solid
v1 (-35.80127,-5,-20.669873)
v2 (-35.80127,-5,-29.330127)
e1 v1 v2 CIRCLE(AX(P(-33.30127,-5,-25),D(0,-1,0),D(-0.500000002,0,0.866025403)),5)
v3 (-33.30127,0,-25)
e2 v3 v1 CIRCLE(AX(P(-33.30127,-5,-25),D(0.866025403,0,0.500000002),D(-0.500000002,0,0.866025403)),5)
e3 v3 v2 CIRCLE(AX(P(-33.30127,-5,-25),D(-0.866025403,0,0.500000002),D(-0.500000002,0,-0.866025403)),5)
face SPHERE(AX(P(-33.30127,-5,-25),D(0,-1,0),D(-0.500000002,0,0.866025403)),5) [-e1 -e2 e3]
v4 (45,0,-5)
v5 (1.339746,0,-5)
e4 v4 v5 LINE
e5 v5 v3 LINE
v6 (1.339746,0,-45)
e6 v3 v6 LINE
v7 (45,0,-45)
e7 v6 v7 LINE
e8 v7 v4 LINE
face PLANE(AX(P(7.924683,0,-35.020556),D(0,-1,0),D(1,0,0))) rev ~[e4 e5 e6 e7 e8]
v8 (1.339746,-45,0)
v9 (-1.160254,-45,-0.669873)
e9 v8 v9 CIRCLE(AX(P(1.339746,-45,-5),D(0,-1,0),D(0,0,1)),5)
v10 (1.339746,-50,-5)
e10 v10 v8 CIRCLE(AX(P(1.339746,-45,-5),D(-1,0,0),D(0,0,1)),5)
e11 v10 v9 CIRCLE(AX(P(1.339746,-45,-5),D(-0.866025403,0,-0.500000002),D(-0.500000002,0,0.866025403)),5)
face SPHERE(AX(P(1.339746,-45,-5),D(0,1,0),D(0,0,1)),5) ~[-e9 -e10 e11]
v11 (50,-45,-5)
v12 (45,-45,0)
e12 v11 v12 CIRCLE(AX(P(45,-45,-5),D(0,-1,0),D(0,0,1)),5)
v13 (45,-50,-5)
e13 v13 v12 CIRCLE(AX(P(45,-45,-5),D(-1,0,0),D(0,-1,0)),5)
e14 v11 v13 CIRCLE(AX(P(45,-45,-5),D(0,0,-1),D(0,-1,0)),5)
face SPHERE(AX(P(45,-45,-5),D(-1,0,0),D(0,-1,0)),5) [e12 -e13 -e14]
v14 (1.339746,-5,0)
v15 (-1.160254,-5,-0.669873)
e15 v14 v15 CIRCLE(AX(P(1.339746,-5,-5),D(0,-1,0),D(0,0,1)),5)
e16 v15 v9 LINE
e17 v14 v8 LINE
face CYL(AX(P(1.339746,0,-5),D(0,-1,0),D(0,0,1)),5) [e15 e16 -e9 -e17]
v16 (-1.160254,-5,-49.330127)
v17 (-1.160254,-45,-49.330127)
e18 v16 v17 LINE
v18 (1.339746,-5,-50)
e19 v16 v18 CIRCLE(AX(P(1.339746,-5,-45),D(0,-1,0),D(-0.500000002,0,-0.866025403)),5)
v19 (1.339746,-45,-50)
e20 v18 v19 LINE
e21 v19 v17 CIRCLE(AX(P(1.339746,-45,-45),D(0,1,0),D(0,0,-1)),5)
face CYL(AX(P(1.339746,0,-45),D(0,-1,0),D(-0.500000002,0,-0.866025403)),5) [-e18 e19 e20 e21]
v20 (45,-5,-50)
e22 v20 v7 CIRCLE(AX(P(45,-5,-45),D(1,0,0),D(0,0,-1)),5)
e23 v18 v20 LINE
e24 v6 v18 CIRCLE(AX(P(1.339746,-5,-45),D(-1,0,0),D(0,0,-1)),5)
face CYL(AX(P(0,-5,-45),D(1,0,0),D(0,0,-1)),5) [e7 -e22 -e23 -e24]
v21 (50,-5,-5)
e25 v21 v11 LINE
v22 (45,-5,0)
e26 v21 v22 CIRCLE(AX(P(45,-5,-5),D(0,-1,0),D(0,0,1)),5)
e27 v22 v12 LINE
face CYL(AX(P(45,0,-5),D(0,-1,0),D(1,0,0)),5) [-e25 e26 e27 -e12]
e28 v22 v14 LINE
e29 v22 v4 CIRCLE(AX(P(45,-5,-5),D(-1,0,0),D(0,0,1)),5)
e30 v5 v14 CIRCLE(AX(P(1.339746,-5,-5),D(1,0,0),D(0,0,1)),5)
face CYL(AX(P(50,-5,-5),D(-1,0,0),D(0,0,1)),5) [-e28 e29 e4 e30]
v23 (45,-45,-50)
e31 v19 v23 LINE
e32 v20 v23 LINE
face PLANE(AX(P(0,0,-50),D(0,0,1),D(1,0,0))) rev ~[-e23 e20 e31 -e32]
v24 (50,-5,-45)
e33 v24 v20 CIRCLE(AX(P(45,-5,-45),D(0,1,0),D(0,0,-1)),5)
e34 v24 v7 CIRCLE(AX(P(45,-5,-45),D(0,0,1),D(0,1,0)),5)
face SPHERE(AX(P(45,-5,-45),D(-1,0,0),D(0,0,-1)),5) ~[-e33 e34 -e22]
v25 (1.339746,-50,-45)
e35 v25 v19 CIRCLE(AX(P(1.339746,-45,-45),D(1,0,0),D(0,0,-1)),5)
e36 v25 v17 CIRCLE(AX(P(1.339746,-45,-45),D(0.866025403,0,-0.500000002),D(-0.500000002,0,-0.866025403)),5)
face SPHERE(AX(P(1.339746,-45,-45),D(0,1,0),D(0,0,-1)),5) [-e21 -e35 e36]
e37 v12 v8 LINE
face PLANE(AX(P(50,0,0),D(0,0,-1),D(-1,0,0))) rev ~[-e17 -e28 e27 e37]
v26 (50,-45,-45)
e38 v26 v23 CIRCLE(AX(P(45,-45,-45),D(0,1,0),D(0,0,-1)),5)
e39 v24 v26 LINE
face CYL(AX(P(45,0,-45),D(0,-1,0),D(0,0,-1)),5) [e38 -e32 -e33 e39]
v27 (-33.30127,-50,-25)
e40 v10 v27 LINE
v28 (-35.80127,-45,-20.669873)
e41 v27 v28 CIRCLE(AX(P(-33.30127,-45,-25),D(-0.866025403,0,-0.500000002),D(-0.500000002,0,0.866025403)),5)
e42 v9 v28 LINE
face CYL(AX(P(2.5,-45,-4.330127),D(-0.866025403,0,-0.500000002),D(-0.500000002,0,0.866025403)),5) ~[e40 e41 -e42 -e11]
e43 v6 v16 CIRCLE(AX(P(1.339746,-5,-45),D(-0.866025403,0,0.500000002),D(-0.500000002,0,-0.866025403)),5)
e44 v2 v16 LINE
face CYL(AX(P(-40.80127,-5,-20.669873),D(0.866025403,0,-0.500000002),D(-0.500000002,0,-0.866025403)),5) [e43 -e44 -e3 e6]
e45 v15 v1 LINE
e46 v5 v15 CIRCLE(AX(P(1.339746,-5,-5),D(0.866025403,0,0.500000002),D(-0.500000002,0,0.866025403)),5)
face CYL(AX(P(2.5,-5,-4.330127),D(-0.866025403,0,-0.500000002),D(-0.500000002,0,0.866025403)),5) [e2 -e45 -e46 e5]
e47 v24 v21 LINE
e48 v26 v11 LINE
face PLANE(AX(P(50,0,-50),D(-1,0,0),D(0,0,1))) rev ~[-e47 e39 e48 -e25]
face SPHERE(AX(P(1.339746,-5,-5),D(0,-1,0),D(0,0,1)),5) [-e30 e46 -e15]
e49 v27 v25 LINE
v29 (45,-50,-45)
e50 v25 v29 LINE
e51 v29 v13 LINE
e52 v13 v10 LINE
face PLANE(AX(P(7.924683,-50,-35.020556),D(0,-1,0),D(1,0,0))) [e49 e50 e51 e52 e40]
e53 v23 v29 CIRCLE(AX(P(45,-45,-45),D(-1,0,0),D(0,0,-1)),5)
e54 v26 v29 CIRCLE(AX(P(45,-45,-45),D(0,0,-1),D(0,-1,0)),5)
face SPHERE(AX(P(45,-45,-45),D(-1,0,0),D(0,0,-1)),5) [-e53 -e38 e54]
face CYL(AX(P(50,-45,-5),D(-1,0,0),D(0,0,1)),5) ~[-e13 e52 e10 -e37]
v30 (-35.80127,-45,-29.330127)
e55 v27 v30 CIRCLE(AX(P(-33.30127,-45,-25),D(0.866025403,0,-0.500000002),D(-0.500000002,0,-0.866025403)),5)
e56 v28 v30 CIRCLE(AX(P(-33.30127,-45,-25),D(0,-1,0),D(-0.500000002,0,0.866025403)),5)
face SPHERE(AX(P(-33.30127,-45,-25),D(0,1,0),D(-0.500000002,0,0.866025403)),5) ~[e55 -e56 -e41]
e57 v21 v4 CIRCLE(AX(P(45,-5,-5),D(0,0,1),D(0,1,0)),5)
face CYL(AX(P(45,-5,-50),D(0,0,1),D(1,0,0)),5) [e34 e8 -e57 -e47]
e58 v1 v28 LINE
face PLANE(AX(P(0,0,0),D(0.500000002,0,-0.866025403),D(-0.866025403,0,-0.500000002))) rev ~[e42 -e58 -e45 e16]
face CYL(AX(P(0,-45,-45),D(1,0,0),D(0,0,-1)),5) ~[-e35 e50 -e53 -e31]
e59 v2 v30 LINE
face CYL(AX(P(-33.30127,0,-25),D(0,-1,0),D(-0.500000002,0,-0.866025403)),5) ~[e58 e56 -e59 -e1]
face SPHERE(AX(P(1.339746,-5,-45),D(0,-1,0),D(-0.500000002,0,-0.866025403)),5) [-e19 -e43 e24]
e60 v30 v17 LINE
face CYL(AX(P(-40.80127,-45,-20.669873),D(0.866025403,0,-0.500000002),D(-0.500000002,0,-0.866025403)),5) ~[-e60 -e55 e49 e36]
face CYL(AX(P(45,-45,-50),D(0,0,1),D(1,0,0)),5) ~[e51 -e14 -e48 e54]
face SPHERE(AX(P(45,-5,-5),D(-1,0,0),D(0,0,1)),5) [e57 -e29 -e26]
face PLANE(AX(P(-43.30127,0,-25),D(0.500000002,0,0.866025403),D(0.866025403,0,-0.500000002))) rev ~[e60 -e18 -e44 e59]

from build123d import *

# Parameters (mm, degrees)
F1_DEPTH = 50
F2_R     = 5


with BuildPart() as f1:
    # F0 (on Front) → F1 (new body)
    with BuildSketch(Plane.XZ):
        Polygon((50, -25), (-43.30127, -25), (0, -50), (50, -50), align=None)
        Polygon((50, 0), (0, 0), (-43.30127, -25), (50, -25), align=None)
    extrude(amount=F1_DEPTH)

    # F2
    f2_edges = [f1.edges().sort_by_distance(p)[0] for p in [
        (-21.650635, -50, -12.5),
        (-21.650635, -50, -37.5),
        (0, -25, -50),
        (-21.650635, 0, -37.5),
        (-43.30127, -25, -25),
        (-21.650635, 0, -12.5),
        (0, -25, 0),
        (25, 0, -50),
        (25, 0, 0),
        (25, -50, 0),
        (25, -50, -50),
        (50, -25, -50),
        (50, -50, -25),
        (50, -25, 0),
        (50, 0, -25),
    ]]
    fillet(f2_edges, radius=F2_R)


solid = f1.part
